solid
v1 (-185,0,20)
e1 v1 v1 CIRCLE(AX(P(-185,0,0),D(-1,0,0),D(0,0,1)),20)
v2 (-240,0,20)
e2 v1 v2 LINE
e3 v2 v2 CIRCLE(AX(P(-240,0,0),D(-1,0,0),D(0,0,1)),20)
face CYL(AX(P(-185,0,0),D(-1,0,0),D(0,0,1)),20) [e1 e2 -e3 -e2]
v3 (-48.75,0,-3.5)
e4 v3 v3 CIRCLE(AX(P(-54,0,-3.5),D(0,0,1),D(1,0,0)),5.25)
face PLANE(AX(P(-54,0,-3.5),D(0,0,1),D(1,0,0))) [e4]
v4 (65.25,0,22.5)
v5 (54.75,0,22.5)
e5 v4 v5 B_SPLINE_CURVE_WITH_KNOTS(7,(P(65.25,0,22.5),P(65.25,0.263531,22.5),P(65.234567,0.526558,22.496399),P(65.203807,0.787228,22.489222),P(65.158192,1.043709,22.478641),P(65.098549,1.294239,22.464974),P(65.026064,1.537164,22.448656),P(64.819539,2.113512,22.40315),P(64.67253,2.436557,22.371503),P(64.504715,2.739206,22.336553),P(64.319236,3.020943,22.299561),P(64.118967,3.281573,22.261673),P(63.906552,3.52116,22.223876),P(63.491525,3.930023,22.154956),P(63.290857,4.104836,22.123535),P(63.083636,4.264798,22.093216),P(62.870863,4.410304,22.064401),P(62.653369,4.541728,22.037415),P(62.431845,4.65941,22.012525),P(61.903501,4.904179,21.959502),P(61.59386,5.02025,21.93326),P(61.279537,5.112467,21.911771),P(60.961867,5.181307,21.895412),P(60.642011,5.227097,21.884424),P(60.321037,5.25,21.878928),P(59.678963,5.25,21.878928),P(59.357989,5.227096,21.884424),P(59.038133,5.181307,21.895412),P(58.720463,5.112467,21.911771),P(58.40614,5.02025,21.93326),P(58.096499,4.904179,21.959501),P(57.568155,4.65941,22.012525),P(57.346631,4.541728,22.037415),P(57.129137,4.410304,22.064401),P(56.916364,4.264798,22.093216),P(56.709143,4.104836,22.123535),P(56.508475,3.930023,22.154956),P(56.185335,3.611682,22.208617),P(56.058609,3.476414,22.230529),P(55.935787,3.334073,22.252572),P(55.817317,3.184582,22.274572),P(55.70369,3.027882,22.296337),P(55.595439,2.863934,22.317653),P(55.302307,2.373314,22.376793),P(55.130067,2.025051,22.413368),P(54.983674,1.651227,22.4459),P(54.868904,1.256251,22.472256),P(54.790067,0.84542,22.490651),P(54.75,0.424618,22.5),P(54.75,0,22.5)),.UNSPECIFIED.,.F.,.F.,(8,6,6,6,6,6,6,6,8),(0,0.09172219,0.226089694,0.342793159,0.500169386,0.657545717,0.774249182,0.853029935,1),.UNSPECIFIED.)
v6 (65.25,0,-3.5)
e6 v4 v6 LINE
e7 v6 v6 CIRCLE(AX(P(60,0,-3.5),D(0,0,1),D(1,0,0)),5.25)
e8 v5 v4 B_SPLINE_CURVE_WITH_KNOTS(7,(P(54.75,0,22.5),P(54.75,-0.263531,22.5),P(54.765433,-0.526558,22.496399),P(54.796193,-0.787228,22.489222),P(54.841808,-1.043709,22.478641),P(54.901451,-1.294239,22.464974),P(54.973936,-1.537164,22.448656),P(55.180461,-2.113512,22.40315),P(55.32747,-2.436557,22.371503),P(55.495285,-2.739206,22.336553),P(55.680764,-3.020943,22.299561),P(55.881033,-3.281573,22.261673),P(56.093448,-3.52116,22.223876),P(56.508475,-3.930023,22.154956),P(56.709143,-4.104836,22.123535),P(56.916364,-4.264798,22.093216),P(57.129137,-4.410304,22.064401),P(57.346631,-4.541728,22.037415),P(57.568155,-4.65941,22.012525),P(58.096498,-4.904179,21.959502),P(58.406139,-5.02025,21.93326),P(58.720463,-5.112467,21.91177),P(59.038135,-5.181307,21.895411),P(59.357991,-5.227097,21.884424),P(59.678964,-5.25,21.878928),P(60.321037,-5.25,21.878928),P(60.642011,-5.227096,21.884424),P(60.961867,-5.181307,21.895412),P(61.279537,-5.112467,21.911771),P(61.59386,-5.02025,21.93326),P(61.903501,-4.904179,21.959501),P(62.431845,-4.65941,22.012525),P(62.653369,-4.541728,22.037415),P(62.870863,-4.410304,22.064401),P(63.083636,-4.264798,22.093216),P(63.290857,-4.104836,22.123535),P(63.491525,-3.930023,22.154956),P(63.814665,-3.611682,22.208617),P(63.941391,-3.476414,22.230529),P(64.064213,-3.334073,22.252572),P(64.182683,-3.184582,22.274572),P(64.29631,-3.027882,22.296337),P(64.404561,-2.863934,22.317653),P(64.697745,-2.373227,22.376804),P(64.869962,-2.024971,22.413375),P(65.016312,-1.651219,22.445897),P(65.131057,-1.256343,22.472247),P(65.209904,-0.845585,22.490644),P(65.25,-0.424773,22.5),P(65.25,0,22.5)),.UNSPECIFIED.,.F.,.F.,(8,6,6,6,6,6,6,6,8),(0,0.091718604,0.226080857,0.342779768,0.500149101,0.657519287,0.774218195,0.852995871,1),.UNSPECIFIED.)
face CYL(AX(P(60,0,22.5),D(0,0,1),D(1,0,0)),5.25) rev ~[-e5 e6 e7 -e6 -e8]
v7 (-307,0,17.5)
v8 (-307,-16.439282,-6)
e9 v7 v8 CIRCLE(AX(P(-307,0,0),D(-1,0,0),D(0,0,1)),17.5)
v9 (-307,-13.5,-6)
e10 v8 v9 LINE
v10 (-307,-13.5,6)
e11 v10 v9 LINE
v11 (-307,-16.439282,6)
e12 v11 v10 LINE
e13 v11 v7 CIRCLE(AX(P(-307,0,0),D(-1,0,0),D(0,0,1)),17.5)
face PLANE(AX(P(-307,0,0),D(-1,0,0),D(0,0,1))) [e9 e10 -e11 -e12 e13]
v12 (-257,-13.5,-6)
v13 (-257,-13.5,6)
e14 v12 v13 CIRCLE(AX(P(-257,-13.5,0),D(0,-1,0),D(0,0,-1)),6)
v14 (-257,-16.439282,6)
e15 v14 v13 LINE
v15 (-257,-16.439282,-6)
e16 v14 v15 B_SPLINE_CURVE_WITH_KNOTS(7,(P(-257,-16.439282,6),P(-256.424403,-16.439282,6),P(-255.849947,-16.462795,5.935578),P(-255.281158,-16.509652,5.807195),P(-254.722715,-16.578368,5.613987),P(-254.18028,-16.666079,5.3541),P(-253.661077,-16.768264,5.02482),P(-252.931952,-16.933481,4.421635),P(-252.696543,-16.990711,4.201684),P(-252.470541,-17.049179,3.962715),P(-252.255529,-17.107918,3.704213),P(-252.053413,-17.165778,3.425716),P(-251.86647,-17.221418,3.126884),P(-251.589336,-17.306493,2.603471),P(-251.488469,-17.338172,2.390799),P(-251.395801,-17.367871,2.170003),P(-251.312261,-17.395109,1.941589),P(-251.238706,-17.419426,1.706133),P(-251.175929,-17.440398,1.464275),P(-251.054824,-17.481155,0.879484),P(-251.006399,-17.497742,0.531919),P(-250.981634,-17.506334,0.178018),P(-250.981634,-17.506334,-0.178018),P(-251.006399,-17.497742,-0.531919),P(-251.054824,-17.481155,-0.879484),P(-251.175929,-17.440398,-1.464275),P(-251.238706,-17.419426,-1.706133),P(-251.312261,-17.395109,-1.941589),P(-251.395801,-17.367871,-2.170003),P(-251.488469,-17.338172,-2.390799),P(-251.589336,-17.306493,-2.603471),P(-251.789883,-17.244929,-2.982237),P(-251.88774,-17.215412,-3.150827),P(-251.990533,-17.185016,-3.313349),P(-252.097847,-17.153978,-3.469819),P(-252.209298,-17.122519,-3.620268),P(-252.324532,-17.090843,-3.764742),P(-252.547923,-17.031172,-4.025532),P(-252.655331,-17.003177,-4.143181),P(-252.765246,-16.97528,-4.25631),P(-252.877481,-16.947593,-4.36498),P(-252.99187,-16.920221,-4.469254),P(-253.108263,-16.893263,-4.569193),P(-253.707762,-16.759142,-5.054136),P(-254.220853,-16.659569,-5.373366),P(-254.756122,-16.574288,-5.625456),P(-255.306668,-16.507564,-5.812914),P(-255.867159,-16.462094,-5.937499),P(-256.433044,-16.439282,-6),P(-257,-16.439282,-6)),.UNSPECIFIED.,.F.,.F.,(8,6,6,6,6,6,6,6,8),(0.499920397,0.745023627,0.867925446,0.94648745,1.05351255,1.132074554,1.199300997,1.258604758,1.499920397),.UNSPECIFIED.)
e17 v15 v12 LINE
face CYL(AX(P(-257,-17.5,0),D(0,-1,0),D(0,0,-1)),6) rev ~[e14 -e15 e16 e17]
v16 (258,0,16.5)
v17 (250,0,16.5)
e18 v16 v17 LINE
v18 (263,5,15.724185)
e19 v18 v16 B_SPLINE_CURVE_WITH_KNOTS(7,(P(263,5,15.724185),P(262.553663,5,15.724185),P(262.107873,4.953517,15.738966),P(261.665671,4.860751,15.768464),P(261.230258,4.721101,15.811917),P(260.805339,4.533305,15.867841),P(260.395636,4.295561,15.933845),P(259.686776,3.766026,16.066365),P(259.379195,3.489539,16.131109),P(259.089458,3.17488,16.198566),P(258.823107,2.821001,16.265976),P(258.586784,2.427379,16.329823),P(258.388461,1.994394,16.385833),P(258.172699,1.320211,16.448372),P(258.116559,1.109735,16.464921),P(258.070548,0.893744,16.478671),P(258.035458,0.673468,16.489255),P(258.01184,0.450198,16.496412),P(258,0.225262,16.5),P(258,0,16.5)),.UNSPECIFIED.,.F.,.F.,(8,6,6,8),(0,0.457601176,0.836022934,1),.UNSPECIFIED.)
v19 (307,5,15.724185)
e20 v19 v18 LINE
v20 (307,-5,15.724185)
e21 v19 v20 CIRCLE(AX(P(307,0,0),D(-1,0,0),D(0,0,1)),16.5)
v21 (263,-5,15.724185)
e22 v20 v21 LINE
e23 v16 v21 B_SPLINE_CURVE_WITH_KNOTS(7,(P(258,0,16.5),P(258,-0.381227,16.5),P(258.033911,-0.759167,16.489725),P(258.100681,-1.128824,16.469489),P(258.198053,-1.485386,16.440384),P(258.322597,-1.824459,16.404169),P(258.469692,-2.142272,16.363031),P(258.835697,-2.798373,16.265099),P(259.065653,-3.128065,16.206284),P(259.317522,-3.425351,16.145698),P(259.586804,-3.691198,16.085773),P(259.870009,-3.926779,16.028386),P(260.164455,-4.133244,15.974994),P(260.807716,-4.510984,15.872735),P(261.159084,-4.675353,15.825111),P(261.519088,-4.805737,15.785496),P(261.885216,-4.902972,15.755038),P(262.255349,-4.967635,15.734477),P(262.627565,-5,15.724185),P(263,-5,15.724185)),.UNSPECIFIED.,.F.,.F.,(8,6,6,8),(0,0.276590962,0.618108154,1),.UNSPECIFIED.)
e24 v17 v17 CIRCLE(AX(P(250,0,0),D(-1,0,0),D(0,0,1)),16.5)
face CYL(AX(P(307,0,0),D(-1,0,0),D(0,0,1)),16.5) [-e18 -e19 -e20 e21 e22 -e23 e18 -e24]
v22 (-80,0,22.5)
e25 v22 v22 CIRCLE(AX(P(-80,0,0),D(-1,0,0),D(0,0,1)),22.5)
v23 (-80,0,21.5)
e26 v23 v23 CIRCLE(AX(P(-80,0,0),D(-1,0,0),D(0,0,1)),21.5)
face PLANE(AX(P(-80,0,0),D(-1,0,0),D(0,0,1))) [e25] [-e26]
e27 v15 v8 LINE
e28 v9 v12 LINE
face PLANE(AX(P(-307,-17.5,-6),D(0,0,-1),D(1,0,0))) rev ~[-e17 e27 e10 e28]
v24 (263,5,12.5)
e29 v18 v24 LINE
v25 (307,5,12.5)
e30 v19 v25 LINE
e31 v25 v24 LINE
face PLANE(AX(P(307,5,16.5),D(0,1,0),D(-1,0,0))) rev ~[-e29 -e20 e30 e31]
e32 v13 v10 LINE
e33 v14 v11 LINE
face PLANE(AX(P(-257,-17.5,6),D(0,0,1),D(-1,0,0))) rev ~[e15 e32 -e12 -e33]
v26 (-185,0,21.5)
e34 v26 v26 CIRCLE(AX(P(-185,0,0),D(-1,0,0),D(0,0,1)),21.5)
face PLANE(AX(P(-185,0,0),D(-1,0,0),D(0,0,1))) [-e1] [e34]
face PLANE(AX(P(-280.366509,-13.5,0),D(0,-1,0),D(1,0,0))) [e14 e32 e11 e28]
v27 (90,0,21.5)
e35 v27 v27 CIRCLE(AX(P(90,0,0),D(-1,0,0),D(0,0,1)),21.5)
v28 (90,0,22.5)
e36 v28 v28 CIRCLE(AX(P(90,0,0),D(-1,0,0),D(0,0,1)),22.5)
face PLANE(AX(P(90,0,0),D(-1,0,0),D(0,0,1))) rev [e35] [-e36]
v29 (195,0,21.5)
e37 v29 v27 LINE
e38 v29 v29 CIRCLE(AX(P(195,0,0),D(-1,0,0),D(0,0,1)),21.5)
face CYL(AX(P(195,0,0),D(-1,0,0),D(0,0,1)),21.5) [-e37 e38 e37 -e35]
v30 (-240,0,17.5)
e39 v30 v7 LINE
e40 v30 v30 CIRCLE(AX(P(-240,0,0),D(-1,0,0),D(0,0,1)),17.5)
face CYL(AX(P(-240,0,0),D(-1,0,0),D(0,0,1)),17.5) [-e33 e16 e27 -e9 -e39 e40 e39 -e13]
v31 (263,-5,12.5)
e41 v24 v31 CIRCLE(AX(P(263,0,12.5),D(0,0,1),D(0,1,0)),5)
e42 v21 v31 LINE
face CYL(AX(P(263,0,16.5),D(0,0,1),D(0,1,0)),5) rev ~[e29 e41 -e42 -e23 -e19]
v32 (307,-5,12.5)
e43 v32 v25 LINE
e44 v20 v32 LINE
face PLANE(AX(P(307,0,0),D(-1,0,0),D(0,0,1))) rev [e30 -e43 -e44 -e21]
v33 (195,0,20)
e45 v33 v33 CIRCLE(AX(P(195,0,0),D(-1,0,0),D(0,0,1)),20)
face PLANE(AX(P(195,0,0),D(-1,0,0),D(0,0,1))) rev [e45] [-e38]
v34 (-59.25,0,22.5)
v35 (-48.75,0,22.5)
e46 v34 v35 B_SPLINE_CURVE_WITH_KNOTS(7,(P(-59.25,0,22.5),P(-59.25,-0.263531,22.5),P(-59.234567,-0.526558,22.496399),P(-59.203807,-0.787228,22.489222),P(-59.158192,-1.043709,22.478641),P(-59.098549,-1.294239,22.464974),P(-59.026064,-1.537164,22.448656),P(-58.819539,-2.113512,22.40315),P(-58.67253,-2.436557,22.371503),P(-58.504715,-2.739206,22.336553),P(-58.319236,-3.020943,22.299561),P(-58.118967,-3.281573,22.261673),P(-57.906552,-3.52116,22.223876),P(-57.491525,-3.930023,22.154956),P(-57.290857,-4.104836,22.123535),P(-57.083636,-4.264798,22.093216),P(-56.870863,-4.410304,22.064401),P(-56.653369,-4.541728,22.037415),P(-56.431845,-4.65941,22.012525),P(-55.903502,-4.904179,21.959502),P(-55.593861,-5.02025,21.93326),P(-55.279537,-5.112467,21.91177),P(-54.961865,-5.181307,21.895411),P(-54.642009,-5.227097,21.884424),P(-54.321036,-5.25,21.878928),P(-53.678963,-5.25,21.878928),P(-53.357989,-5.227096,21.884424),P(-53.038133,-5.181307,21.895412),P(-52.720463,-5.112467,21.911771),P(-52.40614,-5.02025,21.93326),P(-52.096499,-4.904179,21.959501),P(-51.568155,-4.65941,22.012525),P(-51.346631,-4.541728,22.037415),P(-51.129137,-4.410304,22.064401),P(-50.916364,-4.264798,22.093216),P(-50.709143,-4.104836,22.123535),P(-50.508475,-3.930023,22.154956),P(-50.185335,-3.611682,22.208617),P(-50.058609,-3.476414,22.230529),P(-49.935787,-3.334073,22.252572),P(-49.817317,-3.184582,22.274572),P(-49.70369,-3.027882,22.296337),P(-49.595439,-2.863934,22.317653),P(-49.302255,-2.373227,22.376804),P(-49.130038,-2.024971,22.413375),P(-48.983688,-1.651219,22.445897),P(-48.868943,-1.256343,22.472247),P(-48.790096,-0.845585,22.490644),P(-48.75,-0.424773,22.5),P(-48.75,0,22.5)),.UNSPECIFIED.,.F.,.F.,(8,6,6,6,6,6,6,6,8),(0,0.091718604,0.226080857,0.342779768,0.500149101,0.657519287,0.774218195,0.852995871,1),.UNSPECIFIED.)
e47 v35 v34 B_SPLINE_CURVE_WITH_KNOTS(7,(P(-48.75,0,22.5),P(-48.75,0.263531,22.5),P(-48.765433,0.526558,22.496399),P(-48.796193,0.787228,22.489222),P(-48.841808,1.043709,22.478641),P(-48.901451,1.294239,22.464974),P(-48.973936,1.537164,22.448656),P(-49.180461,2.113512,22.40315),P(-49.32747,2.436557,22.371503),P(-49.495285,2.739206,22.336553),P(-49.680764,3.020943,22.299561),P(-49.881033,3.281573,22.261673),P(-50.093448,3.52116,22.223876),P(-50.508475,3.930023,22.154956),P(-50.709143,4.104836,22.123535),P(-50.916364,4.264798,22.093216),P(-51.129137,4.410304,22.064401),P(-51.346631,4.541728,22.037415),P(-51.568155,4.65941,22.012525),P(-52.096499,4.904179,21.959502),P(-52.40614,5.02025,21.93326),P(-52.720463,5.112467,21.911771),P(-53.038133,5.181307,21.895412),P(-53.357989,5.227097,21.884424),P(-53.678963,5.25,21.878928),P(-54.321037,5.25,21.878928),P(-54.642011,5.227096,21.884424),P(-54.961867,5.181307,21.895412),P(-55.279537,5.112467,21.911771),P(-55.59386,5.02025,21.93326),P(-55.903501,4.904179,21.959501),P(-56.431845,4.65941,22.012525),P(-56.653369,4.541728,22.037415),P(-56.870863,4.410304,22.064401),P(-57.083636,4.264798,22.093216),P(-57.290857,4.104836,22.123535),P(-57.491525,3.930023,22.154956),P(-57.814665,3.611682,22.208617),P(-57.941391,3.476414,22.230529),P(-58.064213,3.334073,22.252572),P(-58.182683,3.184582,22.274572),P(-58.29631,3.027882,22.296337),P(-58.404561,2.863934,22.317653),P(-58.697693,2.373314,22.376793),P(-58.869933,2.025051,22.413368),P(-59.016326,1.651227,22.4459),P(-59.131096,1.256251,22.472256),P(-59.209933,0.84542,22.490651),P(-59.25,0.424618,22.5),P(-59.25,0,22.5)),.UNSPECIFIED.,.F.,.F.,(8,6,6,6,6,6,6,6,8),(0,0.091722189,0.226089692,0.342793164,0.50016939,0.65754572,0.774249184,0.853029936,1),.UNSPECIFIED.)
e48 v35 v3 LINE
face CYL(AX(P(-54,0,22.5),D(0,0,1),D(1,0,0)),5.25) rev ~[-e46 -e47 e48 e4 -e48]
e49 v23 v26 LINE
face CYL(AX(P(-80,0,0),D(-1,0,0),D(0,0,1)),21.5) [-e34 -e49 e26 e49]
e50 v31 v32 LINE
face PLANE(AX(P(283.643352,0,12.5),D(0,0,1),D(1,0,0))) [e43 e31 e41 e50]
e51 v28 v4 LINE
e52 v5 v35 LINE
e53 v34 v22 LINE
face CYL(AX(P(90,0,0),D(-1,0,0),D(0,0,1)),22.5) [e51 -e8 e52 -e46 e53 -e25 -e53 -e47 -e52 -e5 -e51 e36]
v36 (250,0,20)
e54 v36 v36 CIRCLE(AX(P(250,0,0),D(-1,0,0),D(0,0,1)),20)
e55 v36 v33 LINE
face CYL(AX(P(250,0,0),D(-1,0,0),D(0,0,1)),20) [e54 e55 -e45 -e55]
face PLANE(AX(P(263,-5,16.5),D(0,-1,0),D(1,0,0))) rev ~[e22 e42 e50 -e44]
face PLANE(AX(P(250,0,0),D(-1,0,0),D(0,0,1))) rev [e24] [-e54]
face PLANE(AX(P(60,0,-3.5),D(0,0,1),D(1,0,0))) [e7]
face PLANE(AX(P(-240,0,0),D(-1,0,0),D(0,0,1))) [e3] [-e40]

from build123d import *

# Parameters (mm, degrees)
F4_DEPTH  = 4
F7_DEPTH  = 4
F9_R      = 5.25
F10_DEPTH = 26


with BuildPart() as f1:
    # F0 (on Front) → F1 (revolve)
    with BuildSketch(Plane.XZ):
        Polygon((-307, 17.5), (-307, 0), (307, 0), (307, 16.5), (250, 16.5), (250, 20), (195, 20), (195, 21.5), (90, 21.5), (90, 22.5), (-80, 22.5), (-80, 21.5), (-185, 21.5), (-185, 20), (-240, 20), (-240, 17.5), align=None)
    revolve(axis=Axis((0, 0, 0), (-1, 0, 0)))

    # F3 (on offset) → F4 (cut)
    with BuildSketch(Plane.XZ.offset(17.5)):
        with BuildLine():
            Line((-257, 6), (-307, 6))
            Line((-307, 6), (-307, -6))
            Line((-307, -6), (-257, -6))
            ThreePointArc((-257, -6), (-251, 0), (-257, 6))
        make_face()
    extrude(amount=-F4_DEPTH, mode=Mode.SUBTRACT)

    # F6 (on offset) → F7 (cut)
    with BuildSketch(Plane.XY.offset(16.5)):
        with BuildLine():
            Line((307, -5), (307, 5))
            Line((307, 5), (263, 5))
            ThreePointArc((263, 5), (258, 0), (263, -5))
            Line((263, -5), (307, -5))
        make_face()
    extrude(amount=-F7_DEPTH, mode=Mode.SUBTRACT)

    # F9 (on offset) → F10 (cut)
    with BuildSketch(Plane.XY.offset(22.5)):
        with Locations((-54, 0)):
            Circle(F9_R)
        with Locations((60, 0)):
            Circle(F9_R)
    extrude(amount=-F10_DEPTH, mode=Mode.SUBTRACT)


solid = f1.part
